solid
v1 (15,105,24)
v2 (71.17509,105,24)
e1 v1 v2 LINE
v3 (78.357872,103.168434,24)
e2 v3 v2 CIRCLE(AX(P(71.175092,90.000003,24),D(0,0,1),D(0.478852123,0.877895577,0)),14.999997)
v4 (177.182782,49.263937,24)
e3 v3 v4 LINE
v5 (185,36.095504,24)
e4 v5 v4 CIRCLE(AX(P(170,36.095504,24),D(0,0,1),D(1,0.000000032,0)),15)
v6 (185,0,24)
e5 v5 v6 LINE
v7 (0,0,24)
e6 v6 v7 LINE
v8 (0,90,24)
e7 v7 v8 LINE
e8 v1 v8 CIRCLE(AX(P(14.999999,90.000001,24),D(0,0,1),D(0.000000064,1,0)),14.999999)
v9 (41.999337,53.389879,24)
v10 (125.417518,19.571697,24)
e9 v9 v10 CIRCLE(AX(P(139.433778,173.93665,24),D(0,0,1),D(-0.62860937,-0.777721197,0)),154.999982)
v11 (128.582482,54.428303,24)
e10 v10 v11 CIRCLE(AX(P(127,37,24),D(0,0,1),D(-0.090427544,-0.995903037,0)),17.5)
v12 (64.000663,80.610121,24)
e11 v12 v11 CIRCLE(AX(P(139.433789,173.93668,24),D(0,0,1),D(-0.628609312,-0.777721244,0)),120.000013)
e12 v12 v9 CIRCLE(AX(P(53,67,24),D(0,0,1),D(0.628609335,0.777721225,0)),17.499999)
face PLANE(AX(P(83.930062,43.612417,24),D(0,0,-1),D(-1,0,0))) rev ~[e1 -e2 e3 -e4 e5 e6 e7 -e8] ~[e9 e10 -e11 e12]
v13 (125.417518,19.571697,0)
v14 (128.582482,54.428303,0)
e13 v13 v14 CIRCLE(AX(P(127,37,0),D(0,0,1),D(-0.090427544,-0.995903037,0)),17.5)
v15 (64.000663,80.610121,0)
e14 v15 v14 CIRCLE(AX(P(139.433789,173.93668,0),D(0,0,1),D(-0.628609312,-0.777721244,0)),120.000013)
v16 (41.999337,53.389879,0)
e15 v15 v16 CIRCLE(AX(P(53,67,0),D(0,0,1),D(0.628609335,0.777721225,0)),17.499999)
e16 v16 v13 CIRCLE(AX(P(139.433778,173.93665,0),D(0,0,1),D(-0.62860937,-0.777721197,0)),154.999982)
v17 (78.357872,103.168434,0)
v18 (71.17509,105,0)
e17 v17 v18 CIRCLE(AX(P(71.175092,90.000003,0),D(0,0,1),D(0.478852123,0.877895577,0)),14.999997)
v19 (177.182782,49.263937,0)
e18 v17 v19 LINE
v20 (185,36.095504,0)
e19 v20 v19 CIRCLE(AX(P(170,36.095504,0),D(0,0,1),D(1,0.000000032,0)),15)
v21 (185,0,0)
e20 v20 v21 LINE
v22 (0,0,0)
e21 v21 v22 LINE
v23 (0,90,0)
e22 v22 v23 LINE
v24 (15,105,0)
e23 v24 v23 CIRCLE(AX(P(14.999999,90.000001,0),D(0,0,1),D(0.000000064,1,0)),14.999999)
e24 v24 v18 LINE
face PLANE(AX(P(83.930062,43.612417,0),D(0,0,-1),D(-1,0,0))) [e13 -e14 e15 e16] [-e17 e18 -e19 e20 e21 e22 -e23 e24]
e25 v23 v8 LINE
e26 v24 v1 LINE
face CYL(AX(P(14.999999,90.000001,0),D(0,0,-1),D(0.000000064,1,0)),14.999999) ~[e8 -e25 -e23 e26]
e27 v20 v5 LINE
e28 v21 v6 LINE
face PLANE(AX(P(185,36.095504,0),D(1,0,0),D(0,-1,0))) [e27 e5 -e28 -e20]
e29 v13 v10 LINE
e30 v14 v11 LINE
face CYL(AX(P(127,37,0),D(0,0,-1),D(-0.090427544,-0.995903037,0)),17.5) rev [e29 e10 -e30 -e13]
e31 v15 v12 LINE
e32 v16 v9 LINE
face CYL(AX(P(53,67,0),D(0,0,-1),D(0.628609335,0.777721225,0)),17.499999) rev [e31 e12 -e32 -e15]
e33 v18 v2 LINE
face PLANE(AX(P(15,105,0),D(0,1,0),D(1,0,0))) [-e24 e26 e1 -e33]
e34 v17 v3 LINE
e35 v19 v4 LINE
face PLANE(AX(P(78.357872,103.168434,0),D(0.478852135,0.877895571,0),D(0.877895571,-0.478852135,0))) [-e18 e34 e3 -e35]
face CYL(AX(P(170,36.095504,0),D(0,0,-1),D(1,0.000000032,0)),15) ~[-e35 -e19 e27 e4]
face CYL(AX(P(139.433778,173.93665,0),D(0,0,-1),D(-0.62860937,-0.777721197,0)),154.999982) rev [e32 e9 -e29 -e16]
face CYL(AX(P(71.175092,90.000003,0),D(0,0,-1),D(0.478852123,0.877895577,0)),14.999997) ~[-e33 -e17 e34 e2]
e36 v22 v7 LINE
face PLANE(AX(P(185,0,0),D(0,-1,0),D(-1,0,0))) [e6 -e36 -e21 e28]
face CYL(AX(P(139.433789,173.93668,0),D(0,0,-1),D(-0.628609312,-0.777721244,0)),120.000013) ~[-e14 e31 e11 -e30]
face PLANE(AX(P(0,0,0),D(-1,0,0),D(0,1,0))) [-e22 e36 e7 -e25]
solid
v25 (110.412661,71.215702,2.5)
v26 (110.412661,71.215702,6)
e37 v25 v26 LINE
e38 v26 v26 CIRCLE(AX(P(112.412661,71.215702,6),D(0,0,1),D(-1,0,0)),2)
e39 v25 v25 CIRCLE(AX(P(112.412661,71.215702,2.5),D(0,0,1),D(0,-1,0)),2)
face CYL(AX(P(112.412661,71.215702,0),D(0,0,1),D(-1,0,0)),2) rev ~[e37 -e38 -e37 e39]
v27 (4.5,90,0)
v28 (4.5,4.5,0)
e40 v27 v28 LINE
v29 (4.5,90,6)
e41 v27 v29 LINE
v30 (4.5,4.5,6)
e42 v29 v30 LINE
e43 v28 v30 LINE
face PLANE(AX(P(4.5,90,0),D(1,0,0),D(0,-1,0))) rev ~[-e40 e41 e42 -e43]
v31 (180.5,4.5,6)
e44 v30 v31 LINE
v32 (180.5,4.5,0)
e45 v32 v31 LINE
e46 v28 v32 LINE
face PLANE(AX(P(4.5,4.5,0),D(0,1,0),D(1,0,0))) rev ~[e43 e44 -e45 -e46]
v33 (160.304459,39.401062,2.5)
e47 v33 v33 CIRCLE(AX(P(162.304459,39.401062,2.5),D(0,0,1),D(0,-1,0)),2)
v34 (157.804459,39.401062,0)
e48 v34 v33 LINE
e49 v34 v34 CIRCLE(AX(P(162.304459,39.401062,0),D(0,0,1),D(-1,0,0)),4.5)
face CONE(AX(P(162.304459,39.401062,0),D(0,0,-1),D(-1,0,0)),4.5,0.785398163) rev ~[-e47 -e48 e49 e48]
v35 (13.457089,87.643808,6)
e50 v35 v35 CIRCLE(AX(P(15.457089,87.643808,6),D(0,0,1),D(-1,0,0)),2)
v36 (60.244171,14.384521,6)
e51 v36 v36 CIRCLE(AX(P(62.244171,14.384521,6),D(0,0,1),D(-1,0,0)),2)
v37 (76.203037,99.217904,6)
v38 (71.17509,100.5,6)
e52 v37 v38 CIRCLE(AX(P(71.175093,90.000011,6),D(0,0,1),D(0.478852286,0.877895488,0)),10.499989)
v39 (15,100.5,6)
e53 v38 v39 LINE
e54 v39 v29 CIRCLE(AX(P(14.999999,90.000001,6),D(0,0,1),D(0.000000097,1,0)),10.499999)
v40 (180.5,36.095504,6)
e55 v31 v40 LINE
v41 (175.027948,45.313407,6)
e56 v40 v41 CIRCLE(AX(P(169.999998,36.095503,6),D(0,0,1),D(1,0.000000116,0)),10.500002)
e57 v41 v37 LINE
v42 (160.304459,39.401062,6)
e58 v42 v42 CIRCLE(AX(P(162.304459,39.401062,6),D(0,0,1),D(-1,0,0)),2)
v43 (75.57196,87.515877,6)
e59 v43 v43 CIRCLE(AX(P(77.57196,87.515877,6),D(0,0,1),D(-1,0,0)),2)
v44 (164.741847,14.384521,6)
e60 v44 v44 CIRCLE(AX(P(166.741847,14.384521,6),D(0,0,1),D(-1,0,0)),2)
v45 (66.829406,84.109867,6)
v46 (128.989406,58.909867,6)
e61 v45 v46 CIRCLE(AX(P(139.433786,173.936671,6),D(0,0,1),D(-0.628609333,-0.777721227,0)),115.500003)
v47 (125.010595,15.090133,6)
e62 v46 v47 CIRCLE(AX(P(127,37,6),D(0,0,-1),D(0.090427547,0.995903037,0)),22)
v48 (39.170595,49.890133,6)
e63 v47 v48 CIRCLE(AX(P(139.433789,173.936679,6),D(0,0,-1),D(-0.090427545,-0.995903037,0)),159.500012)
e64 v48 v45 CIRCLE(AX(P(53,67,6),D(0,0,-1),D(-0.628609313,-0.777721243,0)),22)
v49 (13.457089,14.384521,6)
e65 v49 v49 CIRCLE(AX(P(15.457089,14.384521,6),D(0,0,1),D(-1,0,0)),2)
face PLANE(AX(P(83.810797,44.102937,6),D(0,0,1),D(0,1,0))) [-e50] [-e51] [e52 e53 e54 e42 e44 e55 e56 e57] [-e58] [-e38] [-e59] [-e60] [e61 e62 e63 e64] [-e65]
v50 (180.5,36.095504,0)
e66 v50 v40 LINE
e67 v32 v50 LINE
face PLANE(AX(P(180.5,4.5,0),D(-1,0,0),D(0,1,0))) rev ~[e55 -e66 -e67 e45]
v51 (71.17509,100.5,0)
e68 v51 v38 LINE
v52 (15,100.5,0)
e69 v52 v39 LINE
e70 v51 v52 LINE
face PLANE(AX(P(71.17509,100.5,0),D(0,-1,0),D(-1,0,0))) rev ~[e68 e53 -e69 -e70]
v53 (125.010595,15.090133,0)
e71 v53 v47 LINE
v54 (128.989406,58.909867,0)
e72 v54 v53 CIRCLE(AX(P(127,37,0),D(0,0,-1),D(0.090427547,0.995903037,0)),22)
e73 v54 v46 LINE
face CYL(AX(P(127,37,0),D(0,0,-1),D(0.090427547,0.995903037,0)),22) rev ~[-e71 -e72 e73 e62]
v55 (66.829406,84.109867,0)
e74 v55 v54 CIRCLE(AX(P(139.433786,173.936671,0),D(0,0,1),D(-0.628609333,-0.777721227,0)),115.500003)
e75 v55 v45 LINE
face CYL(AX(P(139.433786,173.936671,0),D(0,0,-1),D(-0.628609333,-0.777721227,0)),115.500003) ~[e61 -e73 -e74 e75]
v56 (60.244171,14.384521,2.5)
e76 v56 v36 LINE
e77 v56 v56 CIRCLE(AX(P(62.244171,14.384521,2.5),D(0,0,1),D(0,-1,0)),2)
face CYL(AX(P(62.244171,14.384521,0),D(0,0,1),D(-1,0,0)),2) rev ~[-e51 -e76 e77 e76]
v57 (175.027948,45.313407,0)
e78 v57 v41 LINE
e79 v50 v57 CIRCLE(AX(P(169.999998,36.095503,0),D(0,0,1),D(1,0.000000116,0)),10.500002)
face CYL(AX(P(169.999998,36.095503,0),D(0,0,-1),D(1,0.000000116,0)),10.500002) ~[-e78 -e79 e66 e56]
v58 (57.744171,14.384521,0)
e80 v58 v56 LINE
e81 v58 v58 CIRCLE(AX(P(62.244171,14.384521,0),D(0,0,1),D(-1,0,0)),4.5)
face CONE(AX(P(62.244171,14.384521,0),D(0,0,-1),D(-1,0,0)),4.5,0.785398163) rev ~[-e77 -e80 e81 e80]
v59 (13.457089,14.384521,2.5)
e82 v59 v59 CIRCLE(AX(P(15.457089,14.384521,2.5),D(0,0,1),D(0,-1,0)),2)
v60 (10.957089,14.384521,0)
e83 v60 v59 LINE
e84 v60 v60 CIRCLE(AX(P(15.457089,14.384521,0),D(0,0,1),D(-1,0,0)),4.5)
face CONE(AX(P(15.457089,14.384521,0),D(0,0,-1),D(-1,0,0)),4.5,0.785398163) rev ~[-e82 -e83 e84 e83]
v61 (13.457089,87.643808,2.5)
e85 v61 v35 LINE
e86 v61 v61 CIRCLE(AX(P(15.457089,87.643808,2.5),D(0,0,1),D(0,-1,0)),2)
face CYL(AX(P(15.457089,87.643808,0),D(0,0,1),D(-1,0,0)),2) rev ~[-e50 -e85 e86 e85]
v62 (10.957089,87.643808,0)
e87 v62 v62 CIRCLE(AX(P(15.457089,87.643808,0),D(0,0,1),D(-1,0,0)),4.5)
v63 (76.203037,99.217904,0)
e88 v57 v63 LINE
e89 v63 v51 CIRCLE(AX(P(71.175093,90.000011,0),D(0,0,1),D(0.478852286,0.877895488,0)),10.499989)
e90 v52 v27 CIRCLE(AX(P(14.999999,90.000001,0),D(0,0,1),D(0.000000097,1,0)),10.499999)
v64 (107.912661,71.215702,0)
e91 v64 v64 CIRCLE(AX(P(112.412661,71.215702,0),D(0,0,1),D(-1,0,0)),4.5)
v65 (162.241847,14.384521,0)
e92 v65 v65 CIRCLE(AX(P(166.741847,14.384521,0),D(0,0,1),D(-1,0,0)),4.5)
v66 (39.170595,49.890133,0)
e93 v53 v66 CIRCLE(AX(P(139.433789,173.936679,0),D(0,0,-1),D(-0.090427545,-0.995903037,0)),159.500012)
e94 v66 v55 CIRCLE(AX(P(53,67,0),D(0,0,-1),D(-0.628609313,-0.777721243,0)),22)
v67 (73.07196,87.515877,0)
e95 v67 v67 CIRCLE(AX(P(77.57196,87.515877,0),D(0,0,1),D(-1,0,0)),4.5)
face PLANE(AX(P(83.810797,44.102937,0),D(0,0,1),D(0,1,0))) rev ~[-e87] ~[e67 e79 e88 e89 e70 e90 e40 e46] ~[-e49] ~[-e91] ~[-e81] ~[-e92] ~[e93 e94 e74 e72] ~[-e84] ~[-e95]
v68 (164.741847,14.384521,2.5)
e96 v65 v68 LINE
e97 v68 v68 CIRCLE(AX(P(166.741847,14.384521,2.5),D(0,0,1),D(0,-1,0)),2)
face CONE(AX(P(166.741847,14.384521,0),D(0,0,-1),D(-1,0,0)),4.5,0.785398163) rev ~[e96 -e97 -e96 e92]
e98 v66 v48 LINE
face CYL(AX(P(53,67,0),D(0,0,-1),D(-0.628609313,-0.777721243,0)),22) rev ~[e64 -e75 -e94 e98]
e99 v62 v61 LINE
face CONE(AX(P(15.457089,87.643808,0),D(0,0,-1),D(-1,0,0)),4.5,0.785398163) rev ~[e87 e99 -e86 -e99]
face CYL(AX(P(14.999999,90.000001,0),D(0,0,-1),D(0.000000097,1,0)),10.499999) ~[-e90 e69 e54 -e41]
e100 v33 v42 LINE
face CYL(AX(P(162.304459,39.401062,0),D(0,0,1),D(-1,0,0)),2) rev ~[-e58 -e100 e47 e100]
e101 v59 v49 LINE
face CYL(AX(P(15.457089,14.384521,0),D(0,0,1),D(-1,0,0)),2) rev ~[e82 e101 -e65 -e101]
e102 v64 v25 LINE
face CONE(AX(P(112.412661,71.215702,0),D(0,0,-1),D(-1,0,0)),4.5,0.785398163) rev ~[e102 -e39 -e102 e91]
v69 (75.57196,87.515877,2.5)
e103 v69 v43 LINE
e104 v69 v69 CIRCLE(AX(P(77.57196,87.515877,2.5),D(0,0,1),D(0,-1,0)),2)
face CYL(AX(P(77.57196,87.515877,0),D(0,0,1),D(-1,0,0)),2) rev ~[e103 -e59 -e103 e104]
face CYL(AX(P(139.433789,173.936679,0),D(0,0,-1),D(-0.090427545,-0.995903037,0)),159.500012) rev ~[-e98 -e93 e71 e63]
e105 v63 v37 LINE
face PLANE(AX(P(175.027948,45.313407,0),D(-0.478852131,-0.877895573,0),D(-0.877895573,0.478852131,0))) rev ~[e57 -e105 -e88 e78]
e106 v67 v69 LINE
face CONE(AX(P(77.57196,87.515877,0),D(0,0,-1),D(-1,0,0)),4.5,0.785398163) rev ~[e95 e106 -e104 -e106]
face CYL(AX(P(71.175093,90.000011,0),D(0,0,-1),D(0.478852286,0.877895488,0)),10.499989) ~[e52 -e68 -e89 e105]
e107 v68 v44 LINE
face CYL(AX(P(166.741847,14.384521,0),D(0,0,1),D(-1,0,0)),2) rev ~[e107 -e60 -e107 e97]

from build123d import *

# Parameters (mm, degrees)
PAD_DEPTH        = 24
PAD001_DEPTH     = 6
HOLE_D           = 4
HOLE_DEPTH       = 25
HOLE_CSINK_D     = 9
HOLE_CSINK_ANGLE = 90


with BuildPart() as handlebody:
    # Sketch → Pad (new body)
    with BuildSketch(Plane.XY):
        with BuildLine():
            Line((0, 0), (0, 90))
            ThreePointArc((15, 105), (4.393398, 100.606602), (0, 90))
            Line((15, 105), (71.17509, 105))
            ThreePointArc((78.357872, 103.168434), (74.881402, 104.534898), (71.17509, 105))
            Line((78.357872, 103.168434), (177.182782, 49.263937))
            ThreePointArc((185, 36.095504), (182.898483, 43.75247), (177.182782, 49.263937))
            Line((185, 36.095504), (185, 0))
            Line((185, 0), (0, 0))
        make_face()
        with BuildLine():
            ThreePointArc((64.000663, 80.610121), (39.389879, 78.000663), (41.999337, 53.389879))
            ThreePointArc((41.999337, 53.389879), (81.199492, 30.292081), (125.417518, 19.571697))
            ThreePointArc((125.417518, 19.571697), (144.428303, 35.417518), (128.582482, 54.428303))
            ThreePointArc((64.000663, 80.610121), (94.349171, 62.727956), (128.582482, 54.428303))
        make_face(mode=Mode.SUBTRACT)
    extrude(amount=PAD_DEPTH)


with BuildPart() as handletemplate:
    # Binder001 → Pad001 (new body)
    with BuildSketch(Plane(origin=(75.99654, 43.948371, 0), x_dir=(0, 1, 0), z_dir=(0, 0, 1))):
        with BuildLine():
            Line((-39.448371, -104.50346), (-7.852867, -104.50346))
            ThreePointArc((-7.852867, -104.50346), (-2.492991, -103.032398), (1.365036, -99.031408))
            Line((1.365036, -99.031408), (55.269533, -0.206497))
            ThreePointArc((55.269533, -0.206497), (56.226058, 2.227032), (56.551629, 4.82145))
            Line((56.551629, 4.82145), (56.551629, 60.99654))
            ThreePointArc((56.551629, 60.99654), (53.476251, 68.421161), (46.051629, 71.49654))
            Line((46.051629, 71.49654), (-39.448371, 71.49654))
            Line((-39.448371, 71.49654), (-39.448371, -104.50346))
        make_face()
        with BuildLine():
            ThreePointArc((40.161496, 9.167134), (22.949912, -20.043304), (14.961496, -52.992866))
            ThreePointArc((14.961496, -52.992866), (-8.937776, -72.913327), (-28.858238, -49.014055))
            ThreePointArc((-28.858238, -49.014055), (-17.826616, -3.51228), (5.941762, 36.825945))
            ThreePointArc((5.941762, 36.825945), (36.881035, 40.106407), (40.161496, 9.167134))
        make_face(mode=Mode.SUBTRACT)
    extrude(amount=PAD001_DEPTH)

    # Hole
    with Locations(Plane(origin=(0, 0, 0), x_dir=(1, 0, 0), z_dir=(0, 0, -1))):
        with Locations((15.457089, -14.384521), (166.741847, -14.384521), (112.412661, -71.215702), (15.457089, -87.643808), (62.244171, -14.384521), (162.304459, -39.401062), (77.57196, -87.515877)):
            CounterSinkHole(HOLE_D / 2, HOLE_CSINK_D / 2, depth=HOLE_DEPTH, counter_sink_angle=HOLE_CSINK_ANGLE)


solid = Compound([handlebody.part, handletemplate.part])
